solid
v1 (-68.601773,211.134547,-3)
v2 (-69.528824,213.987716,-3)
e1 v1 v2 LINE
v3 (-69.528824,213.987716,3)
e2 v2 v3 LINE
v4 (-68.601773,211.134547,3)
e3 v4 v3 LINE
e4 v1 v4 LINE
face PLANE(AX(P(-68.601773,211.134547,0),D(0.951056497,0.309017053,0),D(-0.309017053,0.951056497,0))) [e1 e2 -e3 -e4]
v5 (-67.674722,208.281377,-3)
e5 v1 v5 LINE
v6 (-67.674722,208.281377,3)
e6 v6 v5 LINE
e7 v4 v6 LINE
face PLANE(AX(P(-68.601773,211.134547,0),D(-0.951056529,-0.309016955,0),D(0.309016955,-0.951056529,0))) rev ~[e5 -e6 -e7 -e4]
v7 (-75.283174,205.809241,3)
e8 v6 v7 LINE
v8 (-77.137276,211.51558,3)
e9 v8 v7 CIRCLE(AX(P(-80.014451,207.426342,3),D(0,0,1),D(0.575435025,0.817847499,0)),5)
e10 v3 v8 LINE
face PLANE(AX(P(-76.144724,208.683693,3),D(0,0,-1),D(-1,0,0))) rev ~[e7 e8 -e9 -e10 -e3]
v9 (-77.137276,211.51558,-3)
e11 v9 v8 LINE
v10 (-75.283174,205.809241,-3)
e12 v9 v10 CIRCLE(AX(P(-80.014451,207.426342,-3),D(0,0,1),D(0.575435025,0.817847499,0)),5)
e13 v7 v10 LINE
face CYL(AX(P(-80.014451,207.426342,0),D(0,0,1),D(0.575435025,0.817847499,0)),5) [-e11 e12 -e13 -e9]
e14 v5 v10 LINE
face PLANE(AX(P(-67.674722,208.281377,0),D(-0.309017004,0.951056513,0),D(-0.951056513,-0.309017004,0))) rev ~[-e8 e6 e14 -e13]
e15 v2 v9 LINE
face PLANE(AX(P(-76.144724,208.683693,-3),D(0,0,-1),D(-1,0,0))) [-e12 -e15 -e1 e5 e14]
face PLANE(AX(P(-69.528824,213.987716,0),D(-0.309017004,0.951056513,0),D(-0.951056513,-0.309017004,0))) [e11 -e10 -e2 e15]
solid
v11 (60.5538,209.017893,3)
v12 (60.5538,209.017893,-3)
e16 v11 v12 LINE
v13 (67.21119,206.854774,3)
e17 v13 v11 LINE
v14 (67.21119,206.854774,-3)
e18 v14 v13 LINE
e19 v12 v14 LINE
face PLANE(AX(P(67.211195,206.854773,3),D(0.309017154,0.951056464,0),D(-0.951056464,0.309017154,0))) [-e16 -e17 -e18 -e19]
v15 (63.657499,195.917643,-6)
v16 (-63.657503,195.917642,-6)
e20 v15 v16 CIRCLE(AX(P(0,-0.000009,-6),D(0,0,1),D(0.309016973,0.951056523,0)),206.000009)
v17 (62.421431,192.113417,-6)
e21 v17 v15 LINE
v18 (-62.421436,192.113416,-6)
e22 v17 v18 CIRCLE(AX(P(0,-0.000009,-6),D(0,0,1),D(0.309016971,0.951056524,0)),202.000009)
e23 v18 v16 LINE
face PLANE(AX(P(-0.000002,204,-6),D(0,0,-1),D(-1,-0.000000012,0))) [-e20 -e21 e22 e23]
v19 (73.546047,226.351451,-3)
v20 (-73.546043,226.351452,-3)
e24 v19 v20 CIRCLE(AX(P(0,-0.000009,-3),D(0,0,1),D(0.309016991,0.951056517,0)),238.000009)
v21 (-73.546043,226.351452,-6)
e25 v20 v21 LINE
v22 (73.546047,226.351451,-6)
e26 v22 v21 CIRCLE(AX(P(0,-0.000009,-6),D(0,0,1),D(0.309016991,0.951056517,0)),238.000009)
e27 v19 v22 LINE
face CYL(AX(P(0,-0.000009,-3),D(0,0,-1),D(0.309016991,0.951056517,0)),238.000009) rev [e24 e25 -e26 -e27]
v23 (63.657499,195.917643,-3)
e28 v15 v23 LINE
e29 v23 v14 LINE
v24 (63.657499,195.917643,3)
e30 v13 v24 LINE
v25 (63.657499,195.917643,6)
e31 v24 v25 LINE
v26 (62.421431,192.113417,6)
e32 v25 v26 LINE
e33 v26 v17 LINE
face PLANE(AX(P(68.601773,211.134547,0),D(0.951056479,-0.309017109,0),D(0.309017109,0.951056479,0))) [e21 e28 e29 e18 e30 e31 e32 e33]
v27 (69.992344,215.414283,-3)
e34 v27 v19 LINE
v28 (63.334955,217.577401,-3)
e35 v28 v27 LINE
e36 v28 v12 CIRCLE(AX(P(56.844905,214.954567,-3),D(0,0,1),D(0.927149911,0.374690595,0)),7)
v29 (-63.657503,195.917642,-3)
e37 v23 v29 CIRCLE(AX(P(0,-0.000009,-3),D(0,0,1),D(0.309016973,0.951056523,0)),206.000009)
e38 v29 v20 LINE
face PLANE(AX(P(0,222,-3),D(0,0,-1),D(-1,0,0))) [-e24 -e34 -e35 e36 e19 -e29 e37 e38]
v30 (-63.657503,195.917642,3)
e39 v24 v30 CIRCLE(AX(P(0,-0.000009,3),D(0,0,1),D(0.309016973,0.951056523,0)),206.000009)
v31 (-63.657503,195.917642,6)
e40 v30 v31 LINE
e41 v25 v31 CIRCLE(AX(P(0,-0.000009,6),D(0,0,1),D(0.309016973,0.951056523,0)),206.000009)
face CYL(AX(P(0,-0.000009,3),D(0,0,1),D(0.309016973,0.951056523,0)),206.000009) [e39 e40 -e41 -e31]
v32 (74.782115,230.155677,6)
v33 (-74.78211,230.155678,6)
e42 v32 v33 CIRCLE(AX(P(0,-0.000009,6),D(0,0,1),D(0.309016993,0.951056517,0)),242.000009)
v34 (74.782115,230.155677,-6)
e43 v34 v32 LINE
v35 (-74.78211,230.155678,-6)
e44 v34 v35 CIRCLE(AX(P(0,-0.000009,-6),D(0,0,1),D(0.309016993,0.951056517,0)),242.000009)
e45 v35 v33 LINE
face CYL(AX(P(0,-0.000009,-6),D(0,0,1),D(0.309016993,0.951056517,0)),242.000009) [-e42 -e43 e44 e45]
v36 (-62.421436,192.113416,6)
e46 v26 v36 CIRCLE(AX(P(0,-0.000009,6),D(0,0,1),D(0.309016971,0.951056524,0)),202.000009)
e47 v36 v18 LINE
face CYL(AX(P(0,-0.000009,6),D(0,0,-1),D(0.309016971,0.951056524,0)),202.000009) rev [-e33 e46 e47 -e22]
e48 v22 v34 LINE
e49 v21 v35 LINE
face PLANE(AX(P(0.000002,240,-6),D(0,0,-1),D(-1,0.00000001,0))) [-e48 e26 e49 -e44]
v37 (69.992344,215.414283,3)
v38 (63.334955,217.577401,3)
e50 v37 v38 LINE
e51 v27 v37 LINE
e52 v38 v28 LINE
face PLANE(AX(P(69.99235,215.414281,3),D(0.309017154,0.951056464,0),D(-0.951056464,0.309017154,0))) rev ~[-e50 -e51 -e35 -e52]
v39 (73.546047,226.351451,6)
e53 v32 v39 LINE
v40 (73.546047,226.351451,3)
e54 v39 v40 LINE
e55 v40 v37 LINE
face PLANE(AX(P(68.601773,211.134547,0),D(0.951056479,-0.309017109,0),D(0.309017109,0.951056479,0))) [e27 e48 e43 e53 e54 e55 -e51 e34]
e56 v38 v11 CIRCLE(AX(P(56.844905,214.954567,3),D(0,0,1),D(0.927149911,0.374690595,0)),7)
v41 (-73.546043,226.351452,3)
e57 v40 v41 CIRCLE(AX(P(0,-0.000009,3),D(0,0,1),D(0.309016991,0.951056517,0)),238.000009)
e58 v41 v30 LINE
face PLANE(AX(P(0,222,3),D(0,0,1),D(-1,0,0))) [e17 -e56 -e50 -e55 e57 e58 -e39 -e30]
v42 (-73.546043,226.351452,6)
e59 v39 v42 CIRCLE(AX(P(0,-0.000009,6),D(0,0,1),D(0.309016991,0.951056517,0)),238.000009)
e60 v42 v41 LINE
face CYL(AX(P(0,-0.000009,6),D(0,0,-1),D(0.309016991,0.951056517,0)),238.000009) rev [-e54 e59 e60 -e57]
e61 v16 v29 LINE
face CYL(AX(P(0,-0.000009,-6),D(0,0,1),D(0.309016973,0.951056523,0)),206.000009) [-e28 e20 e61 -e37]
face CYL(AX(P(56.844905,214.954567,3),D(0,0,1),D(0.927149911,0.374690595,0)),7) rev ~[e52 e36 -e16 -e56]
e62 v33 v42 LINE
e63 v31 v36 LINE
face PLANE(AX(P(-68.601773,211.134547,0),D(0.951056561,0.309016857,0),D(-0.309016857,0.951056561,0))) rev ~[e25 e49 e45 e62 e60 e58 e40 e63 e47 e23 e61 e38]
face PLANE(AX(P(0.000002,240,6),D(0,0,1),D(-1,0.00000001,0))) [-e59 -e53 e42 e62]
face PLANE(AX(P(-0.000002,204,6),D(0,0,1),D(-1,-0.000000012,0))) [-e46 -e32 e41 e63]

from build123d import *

# Parameters (mm, degrees)
POCKET_DEPTH = 9.001
PAD_DEPTH    = 3


with BuildPart() as body:
    # AdditivePipe: sweep along a path in Sketch
    with BuildLine(Plane.XY) as additivepipe_path:
        ThreePointArc((68.601773, 211.134547), (0, 222), (-68.601773, 211.134547))
    # Sketch002 (on DatumPlane) → AdditivePipe (sweep)
    with BuildSketch(Plane(origin=(-68.601773, 211.134547, 0), x_dir=(-0.309017, 0.951057, 0), z_dir=(0.951057, 0.309017, 0))):
        Polygon((-20, 6), (-20, -6), (-16, -6), (-16, -3), (-9, -3), (9, -3), (16, -3), (16, -6), (20, -6), (20, 6), (16, 6), (16, 3), (9, 3), (-9, 3), (-16, 3), (-16, 6), align=None)
    sweep(path=additivepipe_path.line)

    # Sketch004 (on Face18 of AdditivePipe) → Pocket (cut, through all)
    with BuildSketch(Plane(origin=(-68.601773, 211.134547, 3), x_dir=(0.309017, -0.951057, 0), z_dir=(0, 0, 1))):
        with BuildLine():
            Line((38.757651, 133.13336), (46.038804, 127.843292))
            Line((46.038804, 127.843292), (41.924307, 122.180173))
            ThreePointArc((34.643154, 127.470241), (31.017586, 114.824218), (41.924307, 122.180173))
            Line((38.757651, 133.13336), (34.643154, 127.470241))
        make_face()
    extrude(amount=-POCKET_DEPTH, mode=Mode.SUBTRACT)


with BuildPart() as body001:
    # Sketch003 → Pad (new body, symmetric)
    with BuildSketch(Plane.XY):
        with BuildLine():
            Line((-68.601773, 211.134547), (-67.674722, 208.281377))
            Line((-67.674722, 208.281377), (-75.283174, 205.809241))
            ThreePointArc((-77.137276, 211.51558), (-84.769734, 205.881258), (-75.283174, 205.809241))
            Line((-69.528824, 213.987716), (-77.137276, 211.51558))
            Line((-68.601773, 211.134547), (-69.528824, 213.987716))
        make_face()
    extrude(amount=PAD_DEPTH, both=True)


solid = Compound([body.part, body001.part])
